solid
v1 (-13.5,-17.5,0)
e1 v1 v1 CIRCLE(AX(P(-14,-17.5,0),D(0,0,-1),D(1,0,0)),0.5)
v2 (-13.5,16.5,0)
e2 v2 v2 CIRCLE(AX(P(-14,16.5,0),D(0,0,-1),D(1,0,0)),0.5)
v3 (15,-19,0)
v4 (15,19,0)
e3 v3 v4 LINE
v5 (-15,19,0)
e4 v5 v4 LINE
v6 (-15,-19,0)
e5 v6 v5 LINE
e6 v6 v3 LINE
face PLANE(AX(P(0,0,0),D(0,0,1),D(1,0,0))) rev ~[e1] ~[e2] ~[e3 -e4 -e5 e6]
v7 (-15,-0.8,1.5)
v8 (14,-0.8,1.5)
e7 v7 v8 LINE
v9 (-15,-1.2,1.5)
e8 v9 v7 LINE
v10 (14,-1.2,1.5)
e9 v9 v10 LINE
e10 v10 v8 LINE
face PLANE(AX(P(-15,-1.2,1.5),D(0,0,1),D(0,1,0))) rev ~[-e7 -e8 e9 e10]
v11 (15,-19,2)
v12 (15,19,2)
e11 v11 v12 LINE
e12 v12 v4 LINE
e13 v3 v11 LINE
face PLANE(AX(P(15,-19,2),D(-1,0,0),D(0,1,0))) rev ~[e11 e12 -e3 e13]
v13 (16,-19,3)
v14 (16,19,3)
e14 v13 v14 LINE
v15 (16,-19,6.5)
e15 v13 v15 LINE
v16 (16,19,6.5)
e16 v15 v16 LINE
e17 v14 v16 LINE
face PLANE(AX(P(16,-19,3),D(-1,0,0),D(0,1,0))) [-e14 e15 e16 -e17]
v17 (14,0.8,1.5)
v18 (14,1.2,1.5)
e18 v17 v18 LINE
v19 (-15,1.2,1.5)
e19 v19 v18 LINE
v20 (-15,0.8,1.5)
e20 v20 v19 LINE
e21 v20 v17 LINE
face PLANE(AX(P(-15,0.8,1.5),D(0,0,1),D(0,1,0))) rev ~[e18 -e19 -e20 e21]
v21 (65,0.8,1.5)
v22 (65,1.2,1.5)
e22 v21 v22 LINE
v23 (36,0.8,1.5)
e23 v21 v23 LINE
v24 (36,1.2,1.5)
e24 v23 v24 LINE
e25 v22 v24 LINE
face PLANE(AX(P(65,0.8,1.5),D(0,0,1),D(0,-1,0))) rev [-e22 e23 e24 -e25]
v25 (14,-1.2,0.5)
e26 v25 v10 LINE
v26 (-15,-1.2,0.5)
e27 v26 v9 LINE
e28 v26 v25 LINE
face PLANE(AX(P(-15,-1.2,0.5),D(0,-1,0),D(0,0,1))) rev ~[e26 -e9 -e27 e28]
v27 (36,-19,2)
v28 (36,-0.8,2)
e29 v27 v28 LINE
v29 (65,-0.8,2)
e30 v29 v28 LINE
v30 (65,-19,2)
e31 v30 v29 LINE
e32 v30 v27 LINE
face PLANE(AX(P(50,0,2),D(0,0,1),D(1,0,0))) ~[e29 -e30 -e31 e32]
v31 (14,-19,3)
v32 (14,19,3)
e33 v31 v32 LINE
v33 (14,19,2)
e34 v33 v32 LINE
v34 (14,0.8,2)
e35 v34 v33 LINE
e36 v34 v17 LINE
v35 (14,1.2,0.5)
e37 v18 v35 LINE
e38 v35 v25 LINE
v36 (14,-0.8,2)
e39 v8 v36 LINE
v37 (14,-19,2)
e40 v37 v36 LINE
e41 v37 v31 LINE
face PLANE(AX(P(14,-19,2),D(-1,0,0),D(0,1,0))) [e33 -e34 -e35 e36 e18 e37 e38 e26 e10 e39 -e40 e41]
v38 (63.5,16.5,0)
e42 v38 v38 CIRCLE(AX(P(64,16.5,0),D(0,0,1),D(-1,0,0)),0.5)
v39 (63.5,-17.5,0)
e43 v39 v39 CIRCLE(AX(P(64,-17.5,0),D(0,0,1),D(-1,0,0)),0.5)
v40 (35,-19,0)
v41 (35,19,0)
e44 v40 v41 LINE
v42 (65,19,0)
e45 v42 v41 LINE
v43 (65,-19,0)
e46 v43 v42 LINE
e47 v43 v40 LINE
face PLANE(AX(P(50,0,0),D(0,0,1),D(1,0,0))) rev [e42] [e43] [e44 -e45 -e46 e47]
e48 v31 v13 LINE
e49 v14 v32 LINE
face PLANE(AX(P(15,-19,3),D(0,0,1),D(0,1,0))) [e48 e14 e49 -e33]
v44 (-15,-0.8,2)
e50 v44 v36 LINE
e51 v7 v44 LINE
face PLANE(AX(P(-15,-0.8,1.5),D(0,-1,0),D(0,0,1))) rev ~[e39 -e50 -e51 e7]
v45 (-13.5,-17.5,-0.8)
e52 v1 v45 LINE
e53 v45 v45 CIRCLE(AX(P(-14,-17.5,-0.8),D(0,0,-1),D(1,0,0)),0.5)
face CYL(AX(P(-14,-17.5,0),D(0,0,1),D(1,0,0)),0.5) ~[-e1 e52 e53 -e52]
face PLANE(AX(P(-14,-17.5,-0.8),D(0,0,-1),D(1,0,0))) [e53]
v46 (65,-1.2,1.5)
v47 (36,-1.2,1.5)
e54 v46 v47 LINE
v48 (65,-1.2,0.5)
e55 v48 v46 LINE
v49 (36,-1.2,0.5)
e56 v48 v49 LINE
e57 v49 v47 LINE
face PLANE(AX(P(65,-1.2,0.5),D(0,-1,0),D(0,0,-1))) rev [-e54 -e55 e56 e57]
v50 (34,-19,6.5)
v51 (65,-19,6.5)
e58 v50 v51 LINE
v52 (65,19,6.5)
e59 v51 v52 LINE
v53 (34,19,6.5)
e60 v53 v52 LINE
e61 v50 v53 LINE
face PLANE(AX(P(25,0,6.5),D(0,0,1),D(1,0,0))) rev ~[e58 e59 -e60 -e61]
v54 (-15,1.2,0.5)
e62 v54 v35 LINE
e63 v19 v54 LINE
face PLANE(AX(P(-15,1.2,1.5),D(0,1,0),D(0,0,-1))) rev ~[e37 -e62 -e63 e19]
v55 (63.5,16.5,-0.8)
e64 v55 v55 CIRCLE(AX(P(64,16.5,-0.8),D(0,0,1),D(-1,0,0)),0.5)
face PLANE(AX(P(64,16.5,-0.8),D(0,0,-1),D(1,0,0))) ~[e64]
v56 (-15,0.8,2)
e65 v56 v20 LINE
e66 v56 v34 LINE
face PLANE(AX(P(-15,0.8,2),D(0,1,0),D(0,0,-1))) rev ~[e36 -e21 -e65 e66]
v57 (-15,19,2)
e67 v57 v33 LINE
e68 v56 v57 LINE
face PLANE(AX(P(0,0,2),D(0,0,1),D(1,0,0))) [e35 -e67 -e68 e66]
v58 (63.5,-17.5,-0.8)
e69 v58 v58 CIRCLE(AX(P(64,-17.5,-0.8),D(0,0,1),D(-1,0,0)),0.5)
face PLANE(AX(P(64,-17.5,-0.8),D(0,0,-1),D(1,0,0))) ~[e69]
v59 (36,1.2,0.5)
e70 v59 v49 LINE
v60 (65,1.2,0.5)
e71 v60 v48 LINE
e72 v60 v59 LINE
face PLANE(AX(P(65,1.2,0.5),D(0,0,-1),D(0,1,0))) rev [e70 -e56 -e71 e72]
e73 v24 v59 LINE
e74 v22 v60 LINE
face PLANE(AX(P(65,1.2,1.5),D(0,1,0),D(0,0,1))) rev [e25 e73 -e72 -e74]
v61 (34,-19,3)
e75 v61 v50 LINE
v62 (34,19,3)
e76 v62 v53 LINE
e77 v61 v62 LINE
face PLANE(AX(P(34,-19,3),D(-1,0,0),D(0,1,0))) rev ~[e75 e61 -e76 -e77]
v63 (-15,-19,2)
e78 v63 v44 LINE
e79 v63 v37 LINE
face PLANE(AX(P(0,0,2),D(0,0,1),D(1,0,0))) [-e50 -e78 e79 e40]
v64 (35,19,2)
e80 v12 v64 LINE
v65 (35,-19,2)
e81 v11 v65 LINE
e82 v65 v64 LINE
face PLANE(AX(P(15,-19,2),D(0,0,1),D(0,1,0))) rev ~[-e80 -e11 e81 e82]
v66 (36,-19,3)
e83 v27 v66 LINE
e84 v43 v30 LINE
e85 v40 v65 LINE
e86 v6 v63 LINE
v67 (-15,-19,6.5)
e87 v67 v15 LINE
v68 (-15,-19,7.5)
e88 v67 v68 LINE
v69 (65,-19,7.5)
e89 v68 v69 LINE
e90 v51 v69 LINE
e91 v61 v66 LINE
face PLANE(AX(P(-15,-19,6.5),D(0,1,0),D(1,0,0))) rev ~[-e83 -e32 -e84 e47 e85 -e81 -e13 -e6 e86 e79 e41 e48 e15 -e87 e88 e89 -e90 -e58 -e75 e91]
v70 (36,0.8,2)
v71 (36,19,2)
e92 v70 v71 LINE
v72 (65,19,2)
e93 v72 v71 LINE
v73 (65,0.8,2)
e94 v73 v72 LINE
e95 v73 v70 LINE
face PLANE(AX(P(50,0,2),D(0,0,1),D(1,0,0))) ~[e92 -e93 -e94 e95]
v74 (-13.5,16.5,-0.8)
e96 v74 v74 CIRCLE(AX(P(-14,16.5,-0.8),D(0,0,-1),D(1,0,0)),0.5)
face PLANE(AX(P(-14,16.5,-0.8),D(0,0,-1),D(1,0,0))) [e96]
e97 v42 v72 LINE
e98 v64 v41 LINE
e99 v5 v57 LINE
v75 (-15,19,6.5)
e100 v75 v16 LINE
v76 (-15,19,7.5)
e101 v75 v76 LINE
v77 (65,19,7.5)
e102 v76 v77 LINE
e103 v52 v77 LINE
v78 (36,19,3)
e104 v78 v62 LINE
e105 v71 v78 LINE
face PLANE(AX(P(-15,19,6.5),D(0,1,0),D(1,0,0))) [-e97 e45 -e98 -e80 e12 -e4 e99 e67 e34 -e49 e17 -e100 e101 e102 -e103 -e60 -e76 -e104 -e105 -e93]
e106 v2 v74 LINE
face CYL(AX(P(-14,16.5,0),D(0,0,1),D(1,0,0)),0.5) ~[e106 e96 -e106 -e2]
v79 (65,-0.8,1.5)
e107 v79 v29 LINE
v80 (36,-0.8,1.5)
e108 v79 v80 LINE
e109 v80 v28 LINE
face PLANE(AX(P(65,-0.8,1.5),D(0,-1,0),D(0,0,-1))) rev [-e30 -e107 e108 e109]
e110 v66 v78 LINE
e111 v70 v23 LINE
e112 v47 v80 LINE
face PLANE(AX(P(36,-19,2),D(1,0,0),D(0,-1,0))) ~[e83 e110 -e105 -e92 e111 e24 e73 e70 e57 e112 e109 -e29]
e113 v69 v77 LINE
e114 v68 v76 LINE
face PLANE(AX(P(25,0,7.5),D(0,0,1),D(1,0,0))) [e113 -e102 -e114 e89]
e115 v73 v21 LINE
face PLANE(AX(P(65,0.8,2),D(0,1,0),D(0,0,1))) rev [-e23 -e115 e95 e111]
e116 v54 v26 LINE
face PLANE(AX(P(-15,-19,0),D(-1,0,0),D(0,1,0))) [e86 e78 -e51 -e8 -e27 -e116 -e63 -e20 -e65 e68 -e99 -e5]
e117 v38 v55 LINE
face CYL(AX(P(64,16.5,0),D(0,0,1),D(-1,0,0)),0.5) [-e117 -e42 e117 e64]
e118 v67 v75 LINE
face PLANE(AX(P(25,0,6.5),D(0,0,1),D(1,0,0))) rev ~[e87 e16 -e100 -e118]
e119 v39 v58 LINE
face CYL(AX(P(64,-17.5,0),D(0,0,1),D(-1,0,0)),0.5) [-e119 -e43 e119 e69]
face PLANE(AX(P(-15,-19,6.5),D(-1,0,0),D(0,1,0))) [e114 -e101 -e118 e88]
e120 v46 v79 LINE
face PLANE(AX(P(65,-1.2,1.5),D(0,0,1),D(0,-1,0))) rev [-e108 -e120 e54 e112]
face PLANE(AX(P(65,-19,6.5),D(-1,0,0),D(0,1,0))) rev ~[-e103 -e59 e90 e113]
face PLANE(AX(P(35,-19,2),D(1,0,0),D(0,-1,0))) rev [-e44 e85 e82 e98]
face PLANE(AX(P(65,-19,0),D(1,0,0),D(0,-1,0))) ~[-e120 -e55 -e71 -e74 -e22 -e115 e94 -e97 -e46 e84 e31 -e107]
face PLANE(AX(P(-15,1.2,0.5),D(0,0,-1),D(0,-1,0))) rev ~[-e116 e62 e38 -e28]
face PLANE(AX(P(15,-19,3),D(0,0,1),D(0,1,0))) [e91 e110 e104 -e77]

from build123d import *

# Parameters (mm, degrees)
SKETCH1_W           = 30
SKETCH1_H           = 38
BOSS_EXTRUDE1_DEPTH = 2
SKETCH2_R           = 0.5
BOSS_EXTRUDE2_DEPTH = 0.8
SKETCH5_W           = 1
SKETCH5_H           = 38
BOSS_EXTRUDE4_DEPTH = 1
SKETCH6_W           = 1
SKETCH6_H           = 38
BOSS_EXTRUDE5_DEPTH = 20
SKETCH8_W           = 18
SKETCH8_H           = 38
BOSS_EXTRUDE6_DEPTH = 3.5
CUT_EXTRUDE1_DEPTH  = 29
SKETCH12_W          = 80
SKETCH12_H          = 38
BOSS_EXTRUDE7_DEPTH = 1


with BuildPart() as part:
    # Sketch1 → Boss-Extrude1 (new body)
    with BuildSketch(Plane.XY):
        Rectangle(SKETCH1_W, SKETCH1_H)
    extrude(amount=BOSS_EXTRUDE1_DEPTH)

    # Sketch2 → Boss-Extrude2 (add)
    with BuildSketch(Plane(origin=(0, 0, 0), x_dir=(-1, 0, 0), z_dir=(0, 0, -1))):
        with Locations(Location((14, 16.5, 0), (0, 0, 180))):
            Circle(SKETCH2_R)
        with Locations(Location((14, -17.5, 0), (0, 0, 180))):
            Circle(SKETCH2_R)
    extrude(amount=BOSS_EXTRUDE2_DEPTH)

    # Sketch5 → Boss-Extrude4 (add)
    with BuildSketch(Plane.XY.offset(2)):
        with Locations((14.5, 0)):
            Rectangle(SKETCH5_W, SKETCH5_H)
    extrude(amount=BOSS_EXTRUDE4_DEPTH)

    # Sketch6 → Boss-Extrude5 (add)
    with BuildSketch(Plane(origin=(15, 0, 0), x_dir=(0, 0, -1), z_dir=(1, 0, 0))):
        with Locations((-2.5, 0)):
            Rectangle(SKETCH6_W, SKETCH6_H)
    extrude(amount=BOSS_EXTRUDE5_DEPTH)

    # Mirror2: part across plane


with BuildPart() as part_1:
    add(part.part)
    add(part.part.mirror(Plane(origin=(25, 0, 0), x_dir=(0, 0, 1), z_dir=(1, 0, 0))))

    # Sketch8 → Boss-Extrude6 (add)
    with BuildSketch(Plane.XY.offset(3)):
        with Locations((25, 0)):
            Rectangle(SKETCH8_W, SKETCH8_H)
    extrude(amount=BOSS_EXTRUDE6_DEPTH)

    # Sketch9 → Cut-Extrude1 (cut)
    with BuildSketch(Plane.ZY.offset(15)):
        Polygon((2, -0.8), (2, 0.8), (1.5, 0.8), (1.5, 1.2), (0.5, 1.2), (0.5, -1.2), (1.5, -1.2), (1.5, -0.8), align=None)
    cut_extrude1 = extrude(amount=-CUT_EXTRUDE1_DEPTH, mode=Mode.SUBTRACT)

    # Mirror3: Cut-Extrude1 across plane
    add(cut_extrude1.mirror(Plane(origin=(25, 0, 0), x_dir=(0, 0, 1), z_dir=(1, 0, 0))), mode=Mode.SUBTRACT)

    # Sketch12 → Boss-Extrude7 (add)
    with BuildSketch(Plane.XY.offset(6.5)):
        with Locations((25, 0)):
            Rectangle(SKETCH12_W, SKETCH12_H)
    extrude(amount=BOSS_EXTRUDE7_DEPTH)


solid = part_1.part
